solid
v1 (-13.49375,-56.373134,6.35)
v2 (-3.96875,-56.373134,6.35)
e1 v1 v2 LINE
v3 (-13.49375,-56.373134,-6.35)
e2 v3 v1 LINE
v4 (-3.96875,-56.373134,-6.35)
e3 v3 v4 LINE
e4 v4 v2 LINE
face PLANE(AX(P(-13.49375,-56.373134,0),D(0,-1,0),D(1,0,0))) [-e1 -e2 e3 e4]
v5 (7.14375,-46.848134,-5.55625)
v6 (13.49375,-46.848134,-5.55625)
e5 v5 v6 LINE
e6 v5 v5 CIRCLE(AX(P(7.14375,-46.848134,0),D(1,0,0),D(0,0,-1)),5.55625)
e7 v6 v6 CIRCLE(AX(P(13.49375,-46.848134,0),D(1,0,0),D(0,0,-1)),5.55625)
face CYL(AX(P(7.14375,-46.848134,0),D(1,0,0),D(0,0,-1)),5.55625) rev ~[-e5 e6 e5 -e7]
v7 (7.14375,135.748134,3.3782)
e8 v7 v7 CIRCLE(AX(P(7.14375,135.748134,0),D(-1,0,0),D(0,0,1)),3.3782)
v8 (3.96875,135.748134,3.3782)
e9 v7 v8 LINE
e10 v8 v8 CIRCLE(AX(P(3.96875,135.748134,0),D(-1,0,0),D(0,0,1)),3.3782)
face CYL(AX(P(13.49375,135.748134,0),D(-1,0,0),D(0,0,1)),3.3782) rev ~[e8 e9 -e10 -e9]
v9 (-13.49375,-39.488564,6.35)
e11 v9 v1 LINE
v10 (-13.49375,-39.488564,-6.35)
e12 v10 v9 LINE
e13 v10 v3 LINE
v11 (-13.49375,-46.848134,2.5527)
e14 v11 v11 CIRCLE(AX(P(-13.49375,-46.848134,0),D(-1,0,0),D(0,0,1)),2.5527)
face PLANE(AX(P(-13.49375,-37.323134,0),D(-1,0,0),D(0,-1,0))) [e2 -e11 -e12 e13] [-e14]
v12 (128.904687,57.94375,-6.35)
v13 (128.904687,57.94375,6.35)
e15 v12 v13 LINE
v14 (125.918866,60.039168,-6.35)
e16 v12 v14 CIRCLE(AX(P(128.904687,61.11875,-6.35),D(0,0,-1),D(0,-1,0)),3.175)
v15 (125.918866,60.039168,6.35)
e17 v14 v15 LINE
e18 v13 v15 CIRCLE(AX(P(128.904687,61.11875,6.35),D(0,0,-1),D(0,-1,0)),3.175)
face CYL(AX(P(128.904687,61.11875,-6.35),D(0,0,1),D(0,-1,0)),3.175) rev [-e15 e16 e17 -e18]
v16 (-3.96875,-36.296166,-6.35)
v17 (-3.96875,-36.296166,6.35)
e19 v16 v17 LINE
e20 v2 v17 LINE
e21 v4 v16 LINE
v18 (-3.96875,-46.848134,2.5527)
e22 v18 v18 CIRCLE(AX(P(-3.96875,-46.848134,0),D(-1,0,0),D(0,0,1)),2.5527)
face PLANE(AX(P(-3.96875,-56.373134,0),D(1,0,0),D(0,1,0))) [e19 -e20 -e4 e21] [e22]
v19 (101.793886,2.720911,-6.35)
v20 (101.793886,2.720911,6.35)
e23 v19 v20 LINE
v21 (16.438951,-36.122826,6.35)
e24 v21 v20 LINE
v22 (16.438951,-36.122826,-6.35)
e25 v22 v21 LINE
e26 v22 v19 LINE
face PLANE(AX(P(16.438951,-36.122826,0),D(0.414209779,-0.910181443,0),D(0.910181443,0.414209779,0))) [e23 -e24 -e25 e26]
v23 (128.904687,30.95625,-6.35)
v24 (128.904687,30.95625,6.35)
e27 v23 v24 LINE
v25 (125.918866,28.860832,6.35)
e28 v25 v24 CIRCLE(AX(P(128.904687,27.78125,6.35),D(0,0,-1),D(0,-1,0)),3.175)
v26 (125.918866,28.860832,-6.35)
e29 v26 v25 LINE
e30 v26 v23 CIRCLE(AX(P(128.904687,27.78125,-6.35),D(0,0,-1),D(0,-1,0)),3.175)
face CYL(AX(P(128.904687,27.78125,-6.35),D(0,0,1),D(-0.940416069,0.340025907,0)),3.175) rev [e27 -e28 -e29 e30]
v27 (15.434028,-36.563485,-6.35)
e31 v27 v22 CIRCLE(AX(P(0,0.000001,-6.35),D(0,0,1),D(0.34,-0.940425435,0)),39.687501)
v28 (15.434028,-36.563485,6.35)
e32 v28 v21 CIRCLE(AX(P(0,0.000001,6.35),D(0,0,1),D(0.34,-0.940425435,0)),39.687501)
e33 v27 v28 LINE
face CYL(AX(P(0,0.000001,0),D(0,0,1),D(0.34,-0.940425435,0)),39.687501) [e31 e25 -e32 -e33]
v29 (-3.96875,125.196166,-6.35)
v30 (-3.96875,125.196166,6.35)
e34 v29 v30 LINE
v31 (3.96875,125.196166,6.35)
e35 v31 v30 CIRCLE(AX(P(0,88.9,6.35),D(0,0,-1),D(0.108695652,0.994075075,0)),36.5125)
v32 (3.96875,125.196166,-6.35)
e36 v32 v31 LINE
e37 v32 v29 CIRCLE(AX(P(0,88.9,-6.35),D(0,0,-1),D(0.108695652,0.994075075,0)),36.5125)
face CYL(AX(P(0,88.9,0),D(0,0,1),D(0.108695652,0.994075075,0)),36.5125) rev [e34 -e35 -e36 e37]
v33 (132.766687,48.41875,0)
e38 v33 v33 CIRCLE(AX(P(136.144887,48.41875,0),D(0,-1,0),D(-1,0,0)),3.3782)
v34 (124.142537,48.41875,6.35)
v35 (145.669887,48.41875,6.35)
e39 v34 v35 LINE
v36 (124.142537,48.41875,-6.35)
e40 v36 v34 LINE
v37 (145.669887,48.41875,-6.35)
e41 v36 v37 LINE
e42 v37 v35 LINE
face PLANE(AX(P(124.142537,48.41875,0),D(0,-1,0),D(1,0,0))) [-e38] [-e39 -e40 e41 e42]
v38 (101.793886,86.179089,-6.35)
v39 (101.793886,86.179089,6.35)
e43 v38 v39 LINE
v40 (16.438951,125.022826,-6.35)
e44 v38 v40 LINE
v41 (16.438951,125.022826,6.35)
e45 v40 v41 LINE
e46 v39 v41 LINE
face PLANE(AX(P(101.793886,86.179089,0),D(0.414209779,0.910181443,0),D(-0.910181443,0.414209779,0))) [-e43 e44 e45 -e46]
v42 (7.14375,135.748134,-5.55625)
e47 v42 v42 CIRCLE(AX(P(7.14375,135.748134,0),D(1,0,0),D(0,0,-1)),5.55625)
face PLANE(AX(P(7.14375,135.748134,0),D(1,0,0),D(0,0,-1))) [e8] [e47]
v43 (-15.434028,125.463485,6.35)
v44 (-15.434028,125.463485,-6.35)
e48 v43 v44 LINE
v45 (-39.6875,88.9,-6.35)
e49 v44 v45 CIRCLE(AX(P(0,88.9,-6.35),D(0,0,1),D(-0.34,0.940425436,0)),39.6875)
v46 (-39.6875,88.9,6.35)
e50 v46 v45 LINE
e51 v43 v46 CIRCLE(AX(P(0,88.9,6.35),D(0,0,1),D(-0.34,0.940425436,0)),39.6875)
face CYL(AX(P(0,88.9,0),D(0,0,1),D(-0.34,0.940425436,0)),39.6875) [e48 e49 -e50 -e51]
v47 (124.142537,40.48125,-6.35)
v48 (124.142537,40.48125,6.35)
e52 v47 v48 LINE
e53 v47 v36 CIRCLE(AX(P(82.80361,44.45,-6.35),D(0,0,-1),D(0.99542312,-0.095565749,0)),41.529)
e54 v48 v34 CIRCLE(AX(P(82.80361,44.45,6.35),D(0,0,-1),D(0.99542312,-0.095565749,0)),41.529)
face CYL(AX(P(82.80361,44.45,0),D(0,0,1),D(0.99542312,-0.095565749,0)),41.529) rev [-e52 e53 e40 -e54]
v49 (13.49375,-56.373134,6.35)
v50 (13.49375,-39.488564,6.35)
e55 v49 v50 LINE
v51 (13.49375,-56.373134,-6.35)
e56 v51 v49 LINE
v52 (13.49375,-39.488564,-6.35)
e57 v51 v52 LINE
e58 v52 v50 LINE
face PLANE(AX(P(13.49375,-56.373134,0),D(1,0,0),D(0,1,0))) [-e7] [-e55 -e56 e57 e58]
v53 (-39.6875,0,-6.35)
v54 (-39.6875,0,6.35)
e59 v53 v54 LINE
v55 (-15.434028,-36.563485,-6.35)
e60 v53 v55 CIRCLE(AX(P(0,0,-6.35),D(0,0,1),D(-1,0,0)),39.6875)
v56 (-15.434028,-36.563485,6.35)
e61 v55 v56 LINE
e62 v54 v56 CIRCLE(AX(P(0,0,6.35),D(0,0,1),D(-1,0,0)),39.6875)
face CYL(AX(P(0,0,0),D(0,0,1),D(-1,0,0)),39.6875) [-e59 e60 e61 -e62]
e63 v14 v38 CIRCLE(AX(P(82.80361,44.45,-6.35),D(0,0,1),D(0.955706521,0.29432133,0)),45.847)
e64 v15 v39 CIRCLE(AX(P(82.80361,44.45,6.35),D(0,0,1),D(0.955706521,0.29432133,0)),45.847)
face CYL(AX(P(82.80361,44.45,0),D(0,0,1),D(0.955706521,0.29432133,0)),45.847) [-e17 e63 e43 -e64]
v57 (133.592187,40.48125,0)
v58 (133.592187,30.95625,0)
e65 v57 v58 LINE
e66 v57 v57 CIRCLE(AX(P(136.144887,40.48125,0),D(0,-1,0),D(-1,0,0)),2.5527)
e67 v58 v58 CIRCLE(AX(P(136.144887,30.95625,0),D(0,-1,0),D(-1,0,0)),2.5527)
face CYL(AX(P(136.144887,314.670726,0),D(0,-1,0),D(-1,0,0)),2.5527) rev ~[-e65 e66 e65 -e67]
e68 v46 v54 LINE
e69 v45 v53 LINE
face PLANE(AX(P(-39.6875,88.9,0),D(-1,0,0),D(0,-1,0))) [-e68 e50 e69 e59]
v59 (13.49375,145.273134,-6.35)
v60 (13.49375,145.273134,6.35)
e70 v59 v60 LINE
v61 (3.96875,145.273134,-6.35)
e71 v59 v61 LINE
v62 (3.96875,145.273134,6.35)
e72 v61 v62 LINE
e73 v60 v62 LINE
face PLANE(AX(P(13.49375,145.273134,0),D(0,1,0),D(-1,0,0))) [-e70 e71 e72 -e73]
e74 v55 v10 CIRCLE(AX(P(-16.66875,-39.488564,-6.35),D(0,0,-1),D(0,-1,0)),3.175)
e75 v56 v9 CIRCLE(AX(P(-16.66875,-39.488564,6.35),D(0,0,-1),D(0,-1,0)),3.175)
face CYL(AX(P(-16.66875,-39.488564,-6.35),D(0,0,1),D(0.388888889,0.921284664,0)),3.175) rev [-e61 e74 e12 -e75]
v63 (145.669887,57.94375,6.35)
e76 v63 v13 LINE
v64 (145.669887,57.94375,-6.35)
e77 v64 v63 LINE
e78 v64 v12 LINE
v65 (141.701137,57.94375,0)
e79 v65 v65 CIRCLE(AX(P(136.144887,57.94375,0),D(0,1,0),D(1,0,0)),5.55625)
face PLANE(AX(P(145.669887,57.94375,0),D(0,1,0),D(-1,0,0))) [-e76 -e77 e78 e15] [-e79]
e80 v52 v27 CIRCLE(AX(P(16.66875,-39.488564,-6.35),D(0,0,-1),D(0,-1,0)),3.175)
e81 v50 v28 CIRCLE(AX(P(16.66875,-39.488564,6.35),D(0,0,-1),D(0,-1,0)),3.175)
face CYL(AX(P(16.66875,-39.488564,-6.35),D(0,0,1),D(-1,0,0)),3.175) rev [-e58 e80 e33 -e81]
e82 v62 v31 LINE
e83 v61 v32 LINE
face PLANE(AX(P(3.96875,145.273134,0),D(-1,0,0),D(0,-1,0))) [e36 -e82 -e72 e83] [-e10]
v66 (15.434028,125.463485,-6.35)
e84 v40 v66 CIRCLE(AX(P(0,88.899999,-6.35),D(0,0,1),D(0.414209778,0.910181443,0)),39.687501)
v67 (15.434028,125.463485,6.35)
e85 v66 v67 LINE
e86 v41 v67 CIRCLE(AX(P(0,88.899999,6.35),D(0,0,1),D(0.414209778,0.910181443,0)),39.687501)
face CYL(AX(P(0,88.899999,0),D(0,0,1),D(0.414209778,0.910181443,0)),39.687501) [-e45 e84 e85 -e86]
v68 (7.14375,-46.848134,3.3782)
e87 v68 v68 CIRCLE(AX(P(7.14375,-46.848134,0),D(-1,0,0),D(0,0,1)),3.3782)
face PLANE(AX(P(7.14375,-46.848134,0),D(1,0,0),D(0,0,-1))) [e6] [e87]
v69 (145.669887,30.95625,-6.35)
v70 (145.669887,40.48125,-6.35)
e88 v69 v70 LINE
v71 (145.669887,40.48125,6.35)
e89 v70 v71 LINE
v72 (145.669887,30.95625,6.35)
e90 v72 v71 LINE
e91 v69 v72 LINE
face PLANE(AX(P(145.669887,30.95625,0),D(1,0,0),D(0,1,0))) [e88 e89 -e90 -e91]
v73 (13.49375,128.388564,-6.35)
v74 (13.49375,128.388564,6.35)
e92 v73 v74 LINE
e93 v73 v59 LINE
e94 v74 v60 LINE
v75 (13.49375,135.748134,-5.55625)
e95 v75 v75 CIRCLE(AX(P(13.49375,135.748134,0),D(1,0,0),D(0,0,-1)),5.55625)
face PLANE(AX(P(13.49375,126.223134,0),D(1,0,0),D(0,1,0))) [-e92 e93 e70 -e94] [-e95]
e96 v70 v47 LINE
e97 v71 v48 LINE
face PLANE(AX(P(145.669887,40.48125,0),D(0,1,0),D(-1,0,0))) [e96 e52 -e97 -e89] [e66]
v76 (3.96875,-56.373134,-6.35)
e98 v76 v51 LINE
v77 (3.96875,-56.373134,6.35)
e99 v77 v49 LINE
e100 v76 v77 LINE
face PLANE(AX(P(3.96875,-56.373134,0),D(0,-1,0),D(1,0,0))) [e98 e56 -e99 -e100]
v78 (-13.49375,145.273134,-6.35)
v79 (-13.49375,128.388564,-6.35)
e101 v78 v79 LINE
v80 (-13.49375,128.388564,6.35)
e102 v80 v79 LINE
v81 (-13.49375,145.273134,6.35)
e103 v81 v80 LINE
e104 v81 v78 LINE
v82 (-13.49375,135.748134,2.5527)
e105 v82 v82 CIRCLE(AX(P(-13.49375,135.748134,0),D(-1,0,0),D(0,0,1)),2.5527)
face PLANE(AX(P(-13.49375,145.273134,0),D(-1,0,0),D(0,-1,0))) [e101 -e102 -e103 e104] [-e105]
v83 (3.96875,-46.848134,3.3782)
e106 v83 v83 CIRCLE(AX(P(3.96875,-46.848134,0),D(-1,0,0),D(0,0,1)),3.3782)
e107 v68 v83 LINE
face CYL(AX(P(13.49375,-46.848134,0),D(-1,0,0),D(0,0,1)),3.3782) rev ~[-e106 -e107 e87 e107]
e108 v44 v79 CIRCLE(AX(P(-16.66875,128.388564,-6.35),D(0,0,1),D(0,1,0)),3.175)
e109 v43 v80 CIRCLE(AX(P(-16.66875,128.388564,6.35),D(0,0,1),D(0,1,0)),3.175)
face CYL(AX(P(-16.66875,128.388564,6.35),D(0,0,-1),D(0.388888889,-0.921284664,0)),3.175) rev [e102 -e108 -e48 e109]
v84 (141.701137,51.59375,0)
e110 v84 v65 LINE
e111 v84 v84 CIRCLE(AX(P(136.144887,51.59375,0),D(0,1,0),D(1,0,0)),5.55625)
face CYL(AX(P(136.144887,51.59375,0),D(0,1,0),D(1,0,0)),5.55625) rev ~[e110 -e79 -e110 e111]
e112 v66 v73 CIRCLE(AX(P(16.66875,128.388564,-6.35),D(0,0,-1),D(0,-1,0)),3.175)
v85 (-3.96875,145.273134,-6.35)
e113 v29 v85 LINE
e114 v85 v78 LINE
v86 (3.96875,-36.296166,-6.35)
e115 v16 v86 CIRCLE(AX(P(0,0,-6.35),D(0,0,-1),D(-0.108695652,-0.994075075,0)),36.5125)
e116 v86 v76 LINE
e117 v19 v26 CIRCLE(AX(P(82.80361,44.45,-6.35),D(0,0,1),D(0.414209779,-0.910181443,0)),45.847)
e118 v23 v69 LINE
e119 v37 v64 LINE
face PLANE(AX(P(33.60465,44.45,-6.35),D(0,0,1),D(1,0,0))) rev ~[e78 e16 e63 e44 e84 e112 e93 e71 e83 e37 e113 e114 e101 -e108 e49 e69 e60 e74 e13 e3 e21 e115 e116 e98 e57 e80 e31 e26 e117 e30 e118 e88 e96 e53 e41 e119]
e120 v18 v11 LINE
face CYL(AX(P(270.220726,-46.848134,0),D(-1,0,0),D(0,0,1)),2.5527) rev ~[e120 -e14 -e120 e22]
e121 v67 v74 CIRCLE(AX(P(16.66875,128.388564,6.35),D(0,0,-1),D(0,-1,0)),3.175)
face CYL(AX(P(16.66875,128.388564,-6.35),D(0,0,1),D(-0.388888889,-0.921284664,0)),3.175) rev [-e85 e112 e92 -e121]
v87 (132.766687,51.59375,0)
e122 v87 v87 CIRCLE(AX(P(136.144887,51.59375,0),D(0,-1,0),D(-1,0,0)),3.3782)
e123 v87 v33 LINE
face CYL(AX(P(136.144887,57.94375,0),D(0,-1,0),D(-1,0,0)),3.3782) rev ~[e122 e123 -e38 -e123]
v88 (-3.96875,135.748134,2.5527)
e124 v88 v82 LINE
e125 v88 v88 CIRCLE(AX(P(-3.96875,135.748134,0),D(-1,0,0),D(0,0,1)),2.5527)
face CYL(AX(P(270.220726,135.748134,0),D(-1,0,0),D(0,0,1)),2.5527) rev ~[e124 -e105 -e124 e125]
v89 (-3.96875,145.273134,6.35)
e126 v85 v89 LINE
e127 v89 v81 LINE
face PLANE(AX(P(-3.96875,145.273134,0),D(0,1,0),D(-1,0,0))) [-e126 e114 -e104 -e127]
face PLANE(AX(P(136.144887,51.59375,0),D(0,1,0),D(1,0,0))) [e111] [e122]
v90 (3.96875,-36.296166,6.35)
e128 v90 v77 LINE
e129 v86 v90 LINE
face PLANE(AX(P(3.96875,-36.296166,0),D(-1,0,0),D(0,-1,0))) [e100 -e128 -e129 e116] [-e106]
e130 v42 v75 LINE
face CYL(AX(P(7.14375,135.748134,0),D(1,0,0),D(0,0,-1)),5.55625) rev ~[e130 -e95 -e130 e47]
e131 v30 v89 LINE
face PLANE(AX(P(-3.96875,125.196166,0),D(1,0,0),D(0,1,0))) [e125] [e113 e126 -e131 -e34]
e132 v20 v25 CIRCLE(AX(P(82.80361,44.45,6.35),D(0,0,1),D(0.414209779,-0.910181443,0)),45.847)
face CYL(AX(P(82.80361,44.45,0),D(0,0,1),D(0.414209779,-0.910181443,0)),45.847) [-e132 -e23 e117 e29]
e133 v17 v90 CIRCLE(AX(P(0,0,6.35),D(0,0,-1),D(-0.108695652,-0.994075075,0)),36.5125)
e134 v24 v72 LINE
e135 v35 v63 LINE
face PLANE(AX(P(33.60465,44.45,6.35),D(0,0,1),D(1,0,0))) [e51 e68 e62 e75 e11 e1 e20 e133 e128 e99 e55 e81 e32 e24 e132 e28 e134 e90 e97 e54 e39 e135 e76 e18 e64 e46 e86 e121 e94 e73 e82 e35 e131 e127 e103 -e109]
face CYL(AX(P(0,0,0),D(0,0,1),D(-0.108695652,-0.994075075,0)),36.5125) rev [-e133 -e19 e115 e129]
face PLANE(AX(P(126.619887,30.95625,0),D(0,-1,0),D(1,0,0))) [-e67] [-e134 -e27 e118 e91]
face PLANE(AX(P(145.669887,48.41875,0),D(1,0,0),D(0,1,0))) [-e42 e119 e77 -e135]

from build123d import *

# Parameters (mm, degrees)
EXTRUDE1_DEPTH                                   = 6.35
CBORE_FOR_1_4_SOCKET_HEAD_CAP_SCREW1_D           = 6.7564
CBORE_FOR_1_4_SOCKET_HEAD_CAP_SCREW1_DEPTH       = 9.525
CBORE_FOR_1_4_SOCKET_HEAD_CAP_SCREW1_CBORE_D     = 11.1125
CBORE_FOR_1_4_SOCKET_HEAD_CAP_SCREW1_CBORE_DEPTH = 6.35
F_1_4_20_TAPPED_HOLE1_D                          = 5.1054
CBORE_FOR_1_4_SOCKET_HEAD_CAP_SCREW3_D           = 6.7564
CBORE_FOR_1_4_SOCKET_HEAD_CAP_SCREW3_DEPTH       = 9.525
CBORE_FOR_1_4_SOCKET_HEAD_CAP_SCREW3_CBORE_D     = 11.1125
CBORE_FOR_1_4_SOCKET_HEAD_CAP_SCREW3_CBORE_DEPTH = 6.35
F_1_4_20_TAPPED_HOLE4_D                          = 5.1054
CBORE_FOR_1_4_SOCKET_HEAD_CAP_SCREW6_D           = 6.7564
CBORE_FOR_1_4_SOCKET_HEAD_CAP_SCREW6_DEPTH       = 9.525
CBORE_FOR_1_4_SOCKET_HEAD_CAP_SCREW6_CBORE_D     = 11.1125
CBORE_FOR_1_4_SOCKET_HEAD_CAP_SCREW6_CBORE_DEPTH = 6.35
F_1_4_20_TAPPED_HOLE7_D                          = 5.1054
FILLET1_R                                        = 3.175


with BuildPart() as part:
    # Sketch1 → Extrude1 (new, symmetric)
    with BuildSketch(Plane.XY):
        with BuildLine():
            Line((-39.6875, 88.9), (-39.6875, 0))
            ThreePointArc((-39.6875, 0), (-32.485618813, -22.798733003), (-13.49375, -37.323134477))
            Line((-13.49375, -37.323134477), (-13.49375, -56.373134477))
            Line((-13.49375, -56.373134477), (-3.96875, -56.373134477))
            Line((-3.96875, -56.373134477), (-3.96875, -36.296166184))
            ThreePointArc((-3.96875, -36.296166184), (0, 36.5125), (3.96875, -36.296166184))
            Line((3.96875, -36.296166184), (3.96875, -56.373134477))
            Line((3.96875, -56.373134477), (13.49375, -56.373134477))
            Line((13.49375, -56.373134477), (13.49375, -37.323134477))
            ThreePointArc((13.49375, -37.323134477), (14.978378625, -36.752494201), (16.438950589, -36.122826022))
            Line((16.438950589, -36.122826022), (101.793886149, 2.72091138))
            ThreePointArc((101.793886149, 2.72091138), (117.234328534, 14.176693941), (126.619887312, 30.95625))
            Line((126.619887312, 30.95625), (145.669887312, 30.95625))
            Line((145.669887312, 30.95625), (145.669887312, 40.48125))
            Line((145.669887312, 40.48125), (124.142537174, 40.48125))
            ThreePointArc((124.142537174, 40.48125), (41.274610429, 44.45), (124.142537174, 48.41875))
            Line((124.142537174, 48.41875), (145.669887312, 48.41875))
            Line((145.669887312, 48.41875), (145.669887312, 57.94375))
            Line((145.669887312, 57.94375), (126.619887312, 57.94375))
            ThreePointArc((126.619887312, 57.94375), (117.234328534, 74.723306059), (101.793886149, 86.17908862))
            Line((101.793886149, 86.17908862), (16.438950589, 125.022826022))
            ThreePointArc((16.438950589, 125.022826022), (14.978378625, 125.652494201), (13.49375, 126.223134477))
            Line((13.49375, 126.223134477), (13.49375, 145.273134477))
            Line((13.49375, 145.273134477), (3.96875, 145.273134477))
            Line((3.96875, 145.273134477), (3.96875, 125.196166184))
            ThreePointArc((3.96875, 125.196166184), (0, 52.3875), (-3.96875, 125.196166184))
            Line((-3.96875, 125.196166184), (-3.96875, 145.273134477))
            Line((-3.96875, 145.273134477), (-13.49375, 145.273134477))
            Line((-13.49375, 145.273134477), (-13.49375, 126.223134477))
            ThreePointArc((-13.49375, 126.223134477), (-32.485618813, 111.698733003), (-39.6875, 88.9))
        make_face()
    extrude(amount=EXTRUDE1_DEPTH, both=True)

    # CBORE for 1/4 Socket Head Cap Screw1
    with Locations(Plane(origin=(13.49375, 0, 0), x_dir=(0, 0, -1), z_dir=(1, 0, 0))):
        with Locations((0, 135.748134477)):
            CounterBoreHole(CBORE_FOR_1_4_SOCKET_HEAD_CAP_SCREW1_D / 2, CBORE_FOR_1_4_SOCKET_HEAD_CAP_SCREW1_CBORE_D / 2, CBORE_FOR_1_4_SOCKET_HEAD_CAP_SCREW1_CBORE_DEPTH, depth=CBORE_FOR_1_4_SOCKET_HEAD_CAP_SCREW1_DEPTH)

    # 1/4-20 Tapped Hole1 (through all)
    with Locations(Plane(origin=(-3.96875, 0, 0), x_dir=(0, 0, -1), z_dir=(1, 0, 0))):
        with Locations((0, 135.748134477)):
            Hole(F_1_4_20_TAPPED_HOLE1_D / 2)

    # CBORE for 1/4 Socket Head Cap Screw3
    with Locations(Plane(origin=(13.49375, 0, 0), x_dir=(0, 0, -1), z_dir=(1, 0, 0))):
        with Locations((0, -46.848134477)):
            CounterBoreHole(CBORE_FOR_1_4_SOCKET_HEAD_CAP_SCREW3_D / 2, CBORE_FOR_1_4_SOCKET_HEAD_CAP_SCREW3_CBORE_D / 2, CBORE_FOR_1_4_SOCKET_HEAD_CAP_SCREW3_CBORE_DEPTH, depth=CBORE_FOR_1_4_SOCKET_HEAD_CAP_SCREW3_DEPTH)

    # 1/4-20 Tapped Hole4 (through all)
    with Locations(Plane(origin=(-3.96875, 0, 0), x_dir=(0, 0, -1), z_dir=(1, 0, 0))):
        with Locations((0, -46.848134477)):
            Hole(F_1_4_20_TAPPED_HOLE4_D / 2)

    # CBORE for 1/4 Socket Head Cap Screw6
    with Locations(Plane(origin=(0, 57.94375, 0), x_dir=(1, 0, 0), z_dir=(0, 1, 0))):
        with Locations((136.144887312, 0)):
            CounterBoreHole(CBORE_FOR_1_4_SOCKET_HEAD_CAP_SCREW6_D / 2, CBORE_FOR_1_4_SOCKET_HEAD_CAP_SCREW6_CBORE_D / 2, CBORE_FOR_1_4_SOCKET_HEAD_CAP_SCREW6_CBORE_DEPTH, depth=CBORE_FOR_1_4_SOCKET_HEAD_CAP_SCREW6_DEPTH)

    # 1/4-20 Tapped Hole7 (through all)
    with Locations(Plane(origin=(0, 40.48125, 0), x_dir=(1, 0, 0), z_dir=(0, 1, 0))):
        with Locations((136.144887312, 0)):
            Hole(F_1_4_20_TAPPED_HOLE7_D / 2)

    # Fillet1
    fillet1_edges = [part.edges().sort_by_distance(p)[0] for p in [
        (-13.49375, 126.223134477, 0),
        (13.49375, 126.223134477, 0),
        (126.619887312, 57.94375, 0),
        (126.619887312, 30.95625, 0),
        (13.49375, -37.323134477, 0),
        (-13.49375, -37.323134477, 0),
    ]]
    fillet(fillet1_edges, radius=FILLET1_R)


solid = part.part
